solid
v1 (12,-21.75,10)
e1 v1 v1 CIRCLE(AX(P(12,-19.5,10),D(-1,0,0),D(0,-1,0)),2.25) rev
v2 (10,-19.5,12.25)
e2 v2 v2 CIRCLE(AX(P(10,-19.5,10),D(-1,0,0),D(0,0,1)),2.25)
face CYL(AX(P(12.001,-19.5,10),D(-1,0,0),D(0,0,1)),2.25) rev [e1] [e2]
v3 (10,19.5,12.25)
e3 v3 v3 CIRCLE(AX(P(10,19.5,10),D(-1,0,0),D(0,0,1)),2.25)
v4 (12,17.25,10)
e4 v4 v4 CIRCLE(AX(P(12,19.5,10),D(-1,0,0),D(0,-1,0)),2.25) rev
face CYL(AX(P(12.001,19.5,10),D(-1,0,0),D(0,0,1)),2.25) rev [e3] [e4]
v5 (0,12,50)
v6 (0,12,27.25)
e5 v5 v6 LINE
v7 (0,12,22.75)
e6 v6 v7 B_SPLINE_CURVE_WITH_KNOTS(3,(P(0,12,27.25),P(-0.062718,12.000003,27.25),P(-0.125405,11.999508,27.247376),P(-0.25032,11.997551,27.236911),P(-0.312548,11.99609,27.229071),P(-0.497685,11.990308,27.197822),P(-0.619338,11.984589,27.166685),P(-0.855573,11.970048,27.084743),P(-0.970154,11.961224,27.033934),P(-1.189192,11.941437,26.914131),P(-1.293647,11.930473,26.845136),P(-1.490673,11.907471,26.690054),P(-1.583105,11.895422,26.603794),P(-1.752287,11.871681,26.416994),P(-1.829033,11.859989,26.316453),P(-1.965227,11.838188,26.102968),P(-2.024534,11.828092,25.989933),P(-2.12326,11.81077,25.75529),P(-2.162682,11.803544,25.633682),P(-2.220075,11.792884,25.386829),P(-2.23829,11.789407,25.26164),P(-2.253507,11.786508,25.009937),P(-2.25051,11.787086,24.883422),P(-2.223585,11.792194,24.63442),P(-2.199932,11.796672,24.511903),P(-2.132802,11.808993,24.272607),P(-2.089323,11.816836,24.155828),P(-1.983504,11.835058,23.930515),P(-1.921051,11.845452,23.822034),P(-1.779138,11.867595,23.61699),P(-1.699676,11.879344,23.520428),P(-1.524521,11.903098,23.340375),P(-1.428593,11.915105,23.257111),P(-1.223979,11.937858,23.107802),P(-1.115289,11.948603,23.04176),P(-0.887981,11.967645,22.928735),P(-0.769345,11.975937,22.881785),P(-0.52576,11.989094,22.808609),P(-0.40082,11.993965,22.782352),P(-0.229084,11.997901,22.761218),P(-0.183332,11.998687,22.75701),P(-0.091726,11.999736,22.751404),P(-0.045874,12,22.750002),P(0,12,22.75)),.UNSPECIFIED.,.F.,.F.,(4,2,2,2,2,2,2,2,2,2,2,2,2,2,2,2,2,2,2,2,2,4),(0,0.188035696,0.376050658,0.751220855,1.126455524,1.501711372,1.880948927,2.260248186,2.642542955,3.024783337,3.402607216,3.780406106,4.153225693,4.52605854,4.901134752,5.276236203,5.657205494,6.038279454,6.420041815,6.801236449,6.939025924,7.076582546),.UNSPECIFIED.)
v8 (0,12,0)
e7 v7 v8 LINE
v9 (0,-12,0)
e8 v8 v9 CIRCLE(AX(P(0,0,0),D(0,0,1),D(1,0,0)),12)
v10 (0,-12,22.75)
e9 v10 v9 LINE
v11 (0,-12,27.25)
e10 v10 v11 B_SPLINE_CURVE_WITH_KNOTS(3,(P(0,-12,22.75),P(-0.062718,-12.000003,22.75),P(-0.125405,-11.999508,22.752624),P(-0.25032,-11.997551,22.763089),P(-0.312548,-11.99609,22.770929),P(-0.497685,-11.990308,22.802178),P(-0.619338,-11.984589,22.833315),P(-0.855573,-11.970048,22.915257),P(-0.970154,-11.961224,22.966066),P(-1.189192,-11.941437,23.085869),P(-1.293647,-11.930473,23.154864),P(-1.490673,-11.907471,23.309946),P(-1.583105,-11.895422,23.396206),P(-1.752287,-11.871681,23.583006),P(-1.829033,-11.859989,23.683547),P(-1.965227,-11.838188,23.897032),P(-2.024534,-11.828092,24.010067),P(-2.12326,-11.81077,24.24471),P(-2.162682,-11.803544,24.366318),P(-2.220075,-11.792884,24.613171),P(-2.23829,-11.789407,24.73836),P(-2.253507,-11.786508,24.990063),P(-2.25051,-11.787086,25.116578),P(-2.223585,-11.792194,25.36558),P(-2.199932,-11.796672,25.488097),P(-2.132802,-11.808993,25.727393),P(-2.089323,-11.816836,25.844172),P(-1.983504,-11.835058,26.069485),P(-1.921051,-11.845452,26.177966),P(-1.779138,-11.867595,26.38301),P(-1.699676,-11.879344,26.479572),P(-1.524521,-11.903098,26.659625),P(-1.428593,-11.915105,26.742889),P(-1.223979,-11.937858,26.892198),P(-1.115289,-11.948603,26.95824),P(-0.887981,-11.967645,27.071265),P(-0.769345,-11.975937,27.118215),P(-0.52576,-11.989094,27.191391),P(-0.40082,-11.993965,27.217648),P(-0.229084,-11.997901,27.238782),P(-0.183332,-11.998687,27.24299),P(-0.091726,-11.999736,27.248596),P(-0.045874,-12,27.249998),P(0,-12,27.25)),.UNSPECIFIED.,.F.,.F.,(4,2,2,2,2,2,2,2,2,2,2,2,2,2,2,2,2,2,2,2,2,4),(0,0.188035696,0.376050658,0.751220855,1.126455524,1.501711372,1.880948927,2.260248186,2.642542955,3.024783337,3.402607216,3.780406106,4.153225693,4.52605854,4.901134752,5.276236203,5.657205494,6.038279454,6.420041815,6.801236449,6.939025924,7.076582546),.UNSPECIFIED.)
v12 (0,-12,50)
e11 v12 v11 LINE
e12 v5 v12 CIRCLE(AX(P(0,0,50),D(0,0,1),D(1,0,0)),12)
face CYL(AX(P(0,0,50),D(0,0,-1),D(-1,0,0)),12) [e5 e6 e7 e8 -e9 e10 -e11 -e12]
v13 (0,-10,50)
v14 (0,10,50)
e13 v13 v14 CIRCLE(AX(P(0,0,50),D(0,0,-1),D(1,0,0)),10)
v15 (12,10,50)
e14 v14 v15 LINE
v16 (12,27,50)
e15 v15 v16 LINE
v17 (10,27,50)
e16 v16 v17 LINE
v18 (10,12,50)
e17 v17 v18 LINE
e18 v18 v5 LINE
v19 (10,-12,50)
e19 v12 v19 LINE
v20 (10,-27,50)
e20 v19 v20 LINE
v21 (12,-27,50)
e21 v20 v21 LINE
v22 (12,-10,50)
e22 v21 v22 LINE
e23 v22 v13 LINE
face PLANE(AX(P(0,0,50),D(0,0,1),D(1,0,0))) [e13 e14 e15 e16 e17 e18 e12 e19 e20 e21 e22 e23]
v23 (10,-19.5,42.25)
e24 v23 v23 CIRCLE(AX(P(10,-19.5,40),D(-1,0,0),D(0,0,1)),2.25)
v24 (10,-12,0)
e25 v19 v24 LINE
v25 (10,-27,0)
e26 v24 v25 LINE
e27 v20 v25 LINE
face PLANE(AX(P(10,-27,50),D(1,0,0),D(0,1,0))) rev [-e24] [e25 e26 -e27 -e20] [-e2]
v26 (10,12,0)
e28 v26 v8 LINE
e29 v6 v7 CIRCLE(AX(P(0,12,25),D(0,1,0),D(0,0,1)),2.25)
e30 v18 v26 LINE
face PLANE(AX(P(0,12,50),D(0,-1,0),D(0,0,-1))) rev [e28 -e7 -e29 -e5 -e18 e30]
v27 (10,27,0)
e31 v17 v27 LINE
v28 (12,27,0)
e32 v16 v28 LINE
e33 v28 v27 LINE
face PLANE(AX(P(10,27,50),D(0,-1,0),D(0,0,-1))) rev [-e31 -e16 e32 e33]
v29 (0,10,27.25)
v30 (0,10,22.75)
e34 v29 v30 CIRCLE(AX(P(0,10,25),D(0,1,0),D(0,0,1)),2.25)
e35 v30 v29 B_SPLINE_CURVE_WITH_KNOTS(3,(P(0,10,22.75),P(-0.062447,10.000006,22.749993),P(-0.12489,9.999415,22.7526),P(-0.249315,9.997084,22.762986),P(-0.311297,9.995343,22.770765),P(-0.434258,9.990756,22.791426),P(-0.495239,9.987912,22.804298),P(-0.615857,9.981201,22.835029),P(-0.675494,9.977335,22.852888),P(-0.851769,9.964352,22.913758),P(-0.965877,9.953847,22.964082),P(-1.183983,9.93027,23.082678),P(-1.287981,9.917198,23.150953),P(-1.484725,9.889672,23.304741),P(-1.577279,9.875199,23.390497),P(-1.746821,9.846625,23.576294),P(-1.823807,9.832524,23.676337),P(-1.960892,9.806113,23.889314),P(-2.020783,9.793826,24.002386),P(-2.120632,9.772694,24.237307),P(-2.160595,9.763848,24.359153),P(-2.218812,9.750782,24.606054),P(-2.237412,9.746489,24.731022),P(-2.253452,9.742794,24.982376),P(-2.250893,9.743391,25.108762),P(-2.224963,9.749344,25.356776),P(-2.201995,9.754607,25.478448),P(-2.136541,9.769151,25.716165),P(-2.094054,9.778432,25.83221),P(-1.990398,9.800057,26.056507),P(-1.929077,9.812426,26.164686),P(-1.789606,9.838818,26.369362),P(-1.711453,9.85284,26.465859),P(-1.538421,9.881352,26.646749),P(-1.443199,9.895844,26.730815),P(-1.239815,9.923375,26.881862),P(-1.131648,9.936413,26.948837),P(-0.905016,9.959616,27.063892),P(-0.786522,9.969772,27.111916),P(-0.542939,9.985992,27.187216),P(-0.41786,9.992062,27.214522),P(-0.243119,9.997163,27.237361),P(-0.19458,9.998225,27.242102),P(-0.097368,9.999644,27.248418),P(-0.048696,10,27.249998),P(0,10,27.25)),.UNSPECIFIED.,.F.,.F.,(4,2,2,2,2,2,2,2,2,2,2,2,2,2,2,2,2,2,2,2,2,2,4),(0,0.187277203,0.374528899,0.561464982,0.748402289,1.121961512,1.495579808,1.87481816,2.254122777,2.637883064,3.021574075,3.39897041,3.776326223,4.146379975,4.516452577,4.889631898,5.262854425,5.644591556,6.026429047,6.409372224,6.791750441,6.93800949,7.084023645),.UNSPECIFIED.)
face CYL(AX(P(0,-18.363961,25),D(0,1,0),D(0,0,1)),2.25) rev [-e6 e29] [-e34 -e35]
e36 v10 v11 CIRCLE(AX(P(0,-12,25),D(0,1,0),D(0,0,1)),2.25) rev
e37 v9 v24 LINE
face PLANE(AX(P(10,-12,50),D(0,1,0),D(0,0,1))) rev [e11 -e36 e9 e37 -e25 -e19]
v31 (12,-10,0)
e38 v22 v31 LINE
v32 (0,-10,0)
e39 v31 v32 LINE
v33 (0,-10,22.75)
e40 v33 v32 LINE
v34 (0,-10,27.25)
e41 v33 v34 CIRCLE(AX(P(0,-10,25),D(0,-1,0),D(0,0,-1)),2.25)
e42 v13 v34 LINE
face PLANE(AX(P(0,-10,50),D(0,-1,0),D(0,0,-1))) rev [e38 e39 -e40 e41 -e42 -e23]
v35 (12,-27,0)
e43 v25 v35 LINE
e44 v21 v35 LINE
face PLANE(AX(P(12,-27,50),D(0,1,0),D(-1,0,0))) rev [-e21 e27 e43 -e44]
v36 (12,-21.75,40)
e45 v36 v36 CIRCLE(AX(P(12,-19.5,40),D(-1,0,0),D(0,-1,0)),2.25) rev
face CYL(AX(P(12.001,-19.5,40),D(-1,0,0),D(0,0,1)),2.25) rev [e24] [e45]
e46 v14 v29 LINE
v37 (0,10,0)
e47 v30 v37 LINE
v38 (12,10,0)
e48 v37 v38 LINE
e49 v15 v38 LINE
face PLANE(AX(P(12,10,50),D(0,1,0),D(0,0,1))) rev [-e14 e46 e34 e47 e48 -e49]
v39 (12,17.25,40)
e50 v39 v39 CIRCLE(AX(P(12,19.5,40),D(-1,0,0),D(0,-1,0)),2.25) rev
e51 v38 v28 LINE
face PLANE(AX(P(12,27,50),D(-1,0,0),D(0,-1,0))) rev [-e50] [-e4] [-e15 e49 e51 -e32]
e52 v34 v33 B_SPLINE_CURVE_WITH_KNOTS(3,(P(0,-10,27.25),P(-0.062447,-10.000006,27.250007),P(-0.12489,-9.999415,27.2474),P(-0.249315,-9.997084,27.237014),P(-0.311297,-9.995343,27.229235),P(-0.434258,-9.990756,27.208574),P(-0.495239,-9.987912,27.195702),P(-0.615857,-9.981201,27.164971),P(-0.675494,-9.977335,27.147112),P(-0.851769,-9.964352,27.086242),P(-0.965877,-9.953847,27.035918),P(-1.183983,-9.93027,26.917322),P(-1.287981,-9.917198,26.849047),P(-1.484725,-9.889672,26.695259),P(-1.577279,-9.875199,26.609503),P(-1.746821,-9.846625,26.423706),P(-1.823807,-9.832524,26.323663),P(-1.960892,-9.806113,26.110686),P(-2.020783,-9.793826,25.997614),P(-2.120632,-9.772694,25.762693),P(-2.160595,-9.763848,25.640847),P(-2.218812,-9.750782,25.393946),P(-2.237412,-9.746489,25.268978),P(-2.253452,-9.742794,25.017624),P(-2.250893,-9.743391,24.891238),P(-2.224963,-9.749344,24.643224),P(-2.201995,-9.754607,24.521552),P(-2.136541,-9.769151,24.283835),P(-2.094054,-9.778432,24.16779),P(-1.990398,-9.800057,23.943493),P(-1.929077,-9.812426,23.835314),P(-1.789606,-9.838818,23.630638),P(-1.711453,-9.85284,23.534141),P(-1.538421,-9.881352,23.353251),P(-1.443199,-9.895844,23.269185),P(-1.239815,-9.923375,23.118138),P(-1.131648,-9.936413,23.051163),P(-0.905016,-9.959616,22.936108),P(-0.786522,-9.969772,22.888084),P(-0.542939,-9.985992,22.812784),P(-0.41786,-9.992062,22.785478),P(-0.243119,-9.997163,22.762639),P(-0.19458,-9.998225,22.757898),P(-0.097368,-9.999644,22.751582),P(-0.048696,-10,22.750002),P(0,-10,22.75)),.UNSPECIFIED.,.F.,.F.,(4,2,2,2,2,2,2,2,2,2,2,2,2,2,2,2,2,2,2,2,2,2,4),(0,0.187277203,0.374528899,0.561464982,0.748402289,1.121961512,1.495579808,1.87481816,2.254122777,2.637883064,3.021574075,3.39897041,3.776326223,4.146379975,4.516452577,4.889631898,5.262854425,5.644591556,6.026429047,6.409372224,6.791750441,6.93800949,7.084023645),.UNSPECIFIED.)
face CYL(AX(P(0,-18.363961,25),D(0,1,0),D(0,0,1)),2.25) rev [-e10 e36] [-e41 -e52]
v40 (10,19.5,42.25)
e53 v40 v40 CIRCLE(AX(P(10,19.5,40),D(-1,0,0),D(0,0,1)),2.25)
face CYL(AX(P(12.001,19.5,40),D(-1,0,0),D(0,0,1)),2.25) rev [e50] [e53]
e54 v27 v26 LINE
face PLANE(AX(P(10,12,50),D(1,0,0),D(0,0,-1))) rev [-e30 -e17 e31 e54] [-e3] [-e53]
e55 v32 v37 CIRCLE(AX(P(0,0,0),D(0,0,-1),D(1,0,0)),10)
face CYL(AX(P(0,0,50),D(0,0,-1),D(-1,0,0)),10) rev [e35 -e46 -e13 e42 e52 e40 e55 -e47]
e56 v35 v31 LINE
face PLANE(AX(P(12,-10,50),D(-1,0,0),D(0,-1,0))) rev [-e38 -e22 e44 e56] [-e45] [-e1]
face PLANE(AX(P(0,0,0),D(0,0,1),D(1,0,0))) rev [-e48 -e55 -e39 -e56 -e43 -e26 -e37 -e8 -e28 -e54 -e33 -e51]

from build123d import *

# Parameters (mm, degrees)
BOSS_EXTRUDE1_DEPTH = 50
SKETCH2_R           = 2.25
CUT_EXTRUDE1_DEPTH  = 24
CUT_EXTRUDE2_REACH  = 4
SKETCH3_R           = 2.25


with BuildPart() as part:
    # Sketch1 → Boss-Extrude1 (new body)
    with BuildSketch(Plane.XY):
        with BuildLine():
            Line((0, 12), (10, 12))
            Line((10, 12), (10, 27))
            Line((10, 27), (12, 27))
            Line((12, 27), (12, 10))
            Line((12, 10), (0, 10))
            ThreePointArc((0, 10), (-10, 0), (0, -10))
            Line((0, -10), (12, -10))
            Line((12, -10), (12, -27))
            Line((12, -27), (10, -27))
            Line((10, -27), (10, -12))
            Line((10, -12), (0, -12))
            ThreePointArc((0, -12), (-12, 0), (0, 12))
        make_face()
    extrude(amount=BOSS_EXTRUDE1_DEPTH)

    # Sketch2 → Cut-Extrude1 (cut)
    with BuildSketch(Plane(origin=(0, 12, 0), x_dir=(1, 0, 0), z_dir=(0, 1, 0))):
        with Locations((0, -25)):
            Circle(SKETCH2_R)
    extrude(amount=-CUT_EXTRUDE1_DEPTH, mode=Mode.SUBTRACT)

    # Sketch3 → Cut-Extrude2 (cut, up to next)
    with BuildSketch(Plane.ZY.offset(-10), mode=Mode.PRIVATE) as cut_extrude2_sk1:
        with Locations((10, 19.5)):
            Circle(SKETCH3_R)
    cut_extrude2_tool1 = extrude(cut_extrude2_sk1.sketch, amount=-CUT_EXTRUDE2_REACH, mode=Mode.PRIVATE) & part.part
    add(cut_extrude2_tool1.solids().sort_by_distance((10, 19.5, 10))[0], mode=Mode.SUBTRACT)
    # Sketch3 → Cut-Extrude2 (cut, up to next)
    with BuildSketch(Plane.ZY.offset(-10), mode=Mode.PRIVATE) as cut_extrude2_sk2:
        with Locations((40, 19.5)):
            Circle(SKETCH3_R)
    cut_extrude2_tool2 = extrude(cut_extrude2_sk2.sketch, amount=-CUT_EXTRUDE2_REACH, mode=Mode.PRIVATE) & part.part
    add(cut_extrude2_tool2.solids().sort_by_distance((10, 19.5, 40))[0], mode=Mode.SUBTRACT)
    # Sketch3 → Cut-Extrude2 (cut, up to next)
    with BuildSketch(Plane.ZY.offset(-10), mode=Mode.PRIVATE) as cut_extrude2_sk3:
        with Locations((40, -19.5)):
            Circle(SKETCH3_R)
    cut_extrude2_tool3 = extrude(cut_extrude2_sk3.sketch, amount=-CUT_EXTRUDE2_REACH, mode=Mode.PRIVATE) & part.part
    add(cut_extrude2_tool3.solids().sort_by_distance((10, -19.5, 40))[0], mode=Mode.SUBTRACT)
    # Sketch3 → Cut-Extrude2 (cut, up to next)
    with BuildSketch(Plane.ZY.offset(-10), mode=Mode.PRIVATE) as cut_extrude2_sk4:
        with Locations((10, -19.5)):
            Circle(SKETCH3_R)
    cut_extrude2_tool4 = extrude(cut_extrude2_sk4.sketch, amount=-CUT_EXTRUDE2_REACH, mode=Mode.PRIVATE) & part.part
    add(cut_extrude2_tool4.solids().sort_by_distance((10, -19.5, 10))[0], mode=Mode.SUBTRACT)


solid = part.part
